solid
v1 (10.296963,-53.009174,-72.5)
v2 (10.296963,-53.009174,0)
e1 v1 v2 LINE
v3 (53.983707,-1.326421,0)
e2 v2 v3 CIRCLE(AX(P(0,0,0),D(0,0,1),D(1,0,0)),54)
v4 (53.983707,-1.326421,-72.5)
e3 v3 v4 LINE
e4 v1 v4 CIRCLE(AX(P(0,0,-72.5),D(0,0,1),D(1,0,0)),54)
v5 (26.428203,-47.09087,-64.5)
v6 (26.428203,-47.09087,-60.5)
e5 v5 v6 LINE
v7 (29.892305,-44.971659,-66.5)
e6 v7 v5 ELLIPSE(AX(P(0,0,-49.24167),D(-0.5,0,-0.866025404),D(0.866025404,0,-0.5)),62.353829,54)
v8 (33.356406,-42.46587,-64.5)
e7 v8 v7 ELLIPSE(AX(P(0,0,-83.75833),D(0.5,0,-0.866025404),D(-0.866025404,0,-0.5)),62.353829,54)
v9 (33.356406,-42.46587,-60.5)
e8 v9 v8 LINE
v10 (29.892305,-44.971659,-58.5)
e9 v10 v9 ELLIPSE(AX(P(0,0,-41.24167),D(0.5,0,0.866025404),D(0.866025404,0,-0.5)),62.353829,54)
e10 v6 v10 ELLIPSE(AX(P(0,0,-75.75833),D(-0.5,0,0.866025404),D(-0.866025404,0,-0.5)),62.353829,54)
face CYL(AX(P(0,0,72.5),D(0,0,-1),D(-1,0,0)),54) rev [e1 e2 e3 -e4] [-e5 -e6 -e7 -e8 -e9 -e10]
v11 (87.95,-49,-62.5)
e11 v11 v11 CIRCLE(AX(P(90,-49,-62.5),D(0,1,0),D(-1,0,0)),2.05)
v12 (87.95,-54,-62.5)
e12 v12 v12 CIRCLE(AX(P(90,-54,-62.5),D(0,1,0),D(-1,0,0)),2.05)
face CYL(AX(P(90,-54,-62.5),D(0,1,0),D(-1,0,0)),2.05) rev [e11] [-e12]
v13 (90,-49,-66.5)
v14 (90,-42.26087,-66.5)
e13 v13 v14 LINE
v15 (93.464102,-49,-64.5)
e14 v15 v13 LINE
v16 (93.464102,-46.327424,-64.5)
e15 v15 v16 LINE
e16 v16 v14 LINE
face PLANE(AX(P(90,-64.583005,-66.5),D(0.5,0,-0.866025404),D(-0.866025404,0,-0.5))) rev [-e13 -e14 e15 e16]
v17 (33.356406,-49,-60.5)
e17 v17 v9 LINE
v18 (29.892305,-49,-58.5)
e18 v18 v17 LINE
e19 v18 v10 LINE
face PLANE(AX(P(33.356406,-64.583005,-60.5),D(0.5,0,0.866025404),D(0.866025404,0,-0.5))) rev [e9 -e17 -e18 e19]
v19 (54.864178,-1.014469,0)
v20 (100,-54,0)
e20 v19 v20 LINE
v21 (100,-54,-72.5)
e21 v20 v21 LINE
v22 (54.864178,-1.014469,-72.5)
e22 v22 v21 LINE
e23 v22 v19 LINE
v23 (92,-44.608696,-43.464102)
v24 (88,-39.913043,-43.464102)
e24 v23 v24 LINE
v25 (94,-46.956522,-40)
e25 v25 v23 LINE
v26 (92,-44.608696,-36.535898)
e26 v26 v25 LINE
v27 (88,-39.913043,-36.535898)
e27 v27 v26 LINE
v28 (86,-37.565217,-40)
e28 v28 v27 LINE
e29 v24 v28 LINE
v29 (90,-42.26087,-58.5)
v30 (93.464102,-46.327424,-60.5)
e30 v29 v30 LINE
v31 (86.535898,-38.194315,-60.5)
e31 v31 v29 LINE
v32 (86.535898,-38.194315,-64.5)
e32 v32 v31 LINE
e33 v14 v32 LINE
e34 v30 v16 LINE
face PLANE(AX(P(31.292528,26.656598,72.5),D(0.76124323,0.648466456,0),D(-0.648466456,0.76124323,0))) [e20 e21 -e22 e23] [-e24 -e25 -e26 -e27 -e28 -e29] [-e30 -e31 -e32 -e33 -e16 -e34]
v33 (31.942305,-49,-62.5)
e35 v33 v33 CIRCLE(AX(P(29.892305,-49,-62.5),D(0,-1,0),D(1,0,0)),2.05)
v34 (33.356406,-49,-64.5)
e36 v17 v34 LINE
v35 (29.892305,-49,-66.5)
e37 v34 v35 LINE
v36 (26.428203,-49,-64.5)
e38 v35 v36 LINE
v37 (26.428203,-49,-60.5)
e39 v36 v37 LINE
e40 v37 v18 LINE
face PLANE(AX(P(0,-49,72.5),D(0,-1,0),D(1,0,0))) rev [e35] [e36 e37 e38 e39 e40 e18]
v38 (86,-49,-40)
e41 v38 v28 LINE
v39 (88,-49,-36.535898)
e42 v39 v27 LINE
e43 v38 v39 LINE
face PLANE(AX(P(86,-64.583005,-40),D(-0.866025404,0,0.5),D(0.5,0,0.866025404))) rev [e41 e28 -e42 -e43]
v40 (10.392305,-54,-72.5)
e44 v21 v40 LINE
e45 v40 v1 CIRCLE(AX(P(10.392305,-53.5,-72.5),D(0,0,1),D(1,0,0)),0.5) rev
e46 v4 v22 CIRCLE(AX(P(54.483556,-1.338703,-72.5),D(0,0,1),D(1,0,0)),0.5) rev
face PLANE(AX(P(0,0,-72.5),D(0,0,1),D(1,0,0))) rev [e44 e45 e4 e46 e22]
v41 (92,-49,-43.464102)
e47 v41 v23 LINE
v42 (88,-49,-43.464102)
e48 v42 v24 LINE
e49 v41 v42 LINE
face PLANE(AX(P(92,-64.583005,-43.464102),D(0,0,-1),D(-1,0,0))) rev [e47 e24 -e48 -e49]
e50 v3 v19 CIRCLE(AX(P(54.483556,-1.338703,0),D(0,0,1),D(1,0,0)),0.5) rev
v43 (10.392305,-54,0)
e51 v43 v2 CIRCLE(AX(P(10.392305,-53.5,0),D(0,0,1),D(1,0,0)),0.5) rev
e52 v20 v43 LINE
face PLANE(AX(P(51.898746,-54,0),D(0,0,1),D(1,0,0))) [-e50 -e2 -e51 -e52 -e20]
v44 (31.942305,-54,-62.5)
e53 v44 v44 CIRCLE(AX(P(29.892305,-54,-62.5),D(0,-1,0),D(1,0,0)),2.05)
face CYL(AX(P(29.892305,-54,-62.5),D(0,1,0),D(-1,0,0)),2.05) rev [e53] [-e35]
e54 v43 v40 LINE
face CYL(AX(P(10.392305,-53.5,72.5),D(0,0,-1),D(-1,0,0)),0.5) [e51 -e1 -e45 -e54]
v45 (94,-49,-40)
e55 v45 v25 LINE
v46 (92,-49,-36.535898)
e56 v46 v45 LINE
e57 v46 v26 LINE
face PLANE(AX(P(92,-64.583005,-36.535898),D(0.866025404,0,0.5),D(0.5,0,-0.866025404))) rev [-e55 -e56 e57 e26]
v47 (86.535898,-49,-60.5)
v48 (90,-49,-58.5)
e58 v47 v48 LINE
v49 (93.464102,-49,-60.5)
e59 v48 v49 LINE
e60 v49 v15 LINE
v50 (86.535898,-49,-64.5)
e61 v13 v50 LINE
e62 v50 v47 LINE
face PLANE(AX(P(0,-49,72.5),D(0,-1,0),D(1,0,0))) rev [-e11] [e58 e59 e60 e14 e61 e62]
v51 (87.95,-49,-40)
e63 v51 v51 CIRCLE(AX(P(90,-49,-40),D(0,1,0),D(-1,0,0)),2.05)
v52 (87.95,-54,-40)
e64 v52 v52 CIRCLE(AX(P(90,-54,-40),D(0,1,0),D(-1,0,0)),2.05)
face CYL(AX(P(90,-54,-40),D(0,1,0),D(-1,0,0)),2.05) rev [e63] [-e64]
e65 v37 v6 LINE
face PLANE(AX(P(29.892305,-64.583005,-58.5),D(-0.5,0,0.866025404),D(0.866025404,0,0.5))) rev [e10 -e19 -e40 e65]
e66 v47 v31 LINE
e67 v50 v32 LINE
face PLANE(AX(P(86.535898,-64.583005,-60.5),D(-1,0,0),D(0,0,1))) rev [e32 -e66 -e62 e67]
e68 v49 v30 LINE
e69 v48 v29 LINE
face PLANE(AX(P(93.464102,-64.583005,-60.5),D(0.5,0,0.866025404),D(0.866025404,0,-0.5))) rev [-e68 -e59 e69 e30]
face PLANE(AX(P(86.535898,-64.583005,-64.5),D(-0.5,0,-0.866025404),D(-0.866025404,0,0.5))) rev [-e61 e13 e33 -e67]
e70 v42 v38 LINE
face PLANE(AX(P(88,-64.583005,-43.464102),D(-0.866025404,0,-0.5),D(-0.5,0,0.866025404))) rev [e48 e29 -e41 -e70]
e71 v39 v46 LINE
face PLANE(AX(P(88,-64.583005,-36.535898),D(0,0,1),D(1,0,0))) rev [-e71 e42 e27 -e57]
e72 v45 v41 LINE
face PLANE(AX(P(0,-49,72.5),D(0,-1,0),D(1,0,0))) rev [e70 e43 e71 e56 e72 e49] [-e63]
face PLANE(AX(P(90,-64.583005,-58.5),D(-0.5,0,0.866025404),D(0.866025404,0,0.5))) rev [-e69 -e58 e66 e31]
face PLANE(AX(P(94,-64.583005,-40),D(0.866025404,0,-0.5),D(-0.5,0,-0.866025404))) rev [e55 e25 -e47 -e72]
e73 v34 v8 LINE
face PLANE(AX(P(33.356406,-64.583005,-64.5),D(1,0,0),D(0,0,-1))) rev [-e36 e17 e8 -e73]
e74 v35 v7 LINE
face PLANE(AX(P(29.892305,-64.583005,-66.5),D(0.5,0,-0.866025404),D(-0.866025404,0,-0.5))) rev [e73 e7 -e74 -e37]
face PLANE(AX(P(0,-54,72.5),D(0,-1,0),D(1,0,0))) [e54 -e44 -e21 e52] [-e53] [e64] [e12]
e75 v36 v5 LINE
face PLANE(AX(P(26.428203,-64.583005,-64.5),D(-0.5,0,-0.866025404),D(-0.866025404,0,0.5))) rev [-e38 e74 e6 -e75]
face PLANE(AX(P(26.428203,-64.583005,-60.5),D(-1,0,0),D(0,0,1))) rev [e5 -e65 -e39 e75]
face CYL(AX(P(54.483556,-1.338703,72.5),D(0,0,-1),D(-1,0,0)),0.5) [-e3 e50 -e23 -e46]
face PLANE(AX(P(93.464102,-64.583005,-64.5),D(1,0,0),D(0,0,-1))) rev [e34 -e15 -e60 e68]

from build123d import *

# Parameters (mm, degrees)
EXTRUDE_1_DEPTH     = 72.5
FILLET_1_R          = 0.5
CUT_EXTRUDE_1_DEPTH = 49
SKETCH_5_R          = 2.05
CUT_EXTRUDE_2_DEPTH = 5
SKETCH_6_R          = 74.194648386
CUT_EXTRUDE_3_DEPTH = 135.804488056


with BuildPart() as part:
    # 草图3 → 凸台-拉伸1 (new, symmetric)
    with BuildSketch(Plane.XY):
        with BuildLine():
            Line((100, -54), (0, -54))
            ThreePointArc((0, -54), (38.183766184, -38.183766184), (54, 0))
            Line((54, 0), (100, -54))
        make_face()
    extrude(amount=EXTRUDE_1_DEPTH, both=True)

    # 圆角1
    fillet_1_edges = [part.edges().sort_by_distance(p)[0] for p in [
        (54, 0, 0),
        (0, -54, 0),
    ]]
    fillet(fillet_1_edges, radius=FILLET_1_R)

    # 草图4 → 切除-拉伸1 (cut)
    with BuildSketch(Plane(origin=(0, 0, 0), x_dir=(1, 0, 0), z_dir=(0, 1, 0))):
        Polygon((93.464101615, -64.5), (93.464101615, -60.5), (90, -58.5), (86.535898385, -60.5), (86.535898385, -64.5), (90, -66.5), align=None)
        Polygon((29.892304845, -58.5), (26.42820323, -60.5), (26.42820323, -64.5), (29.892304845, -66.5), (33.356406461, -64.5), (33.356406461, -60.5), align=None)
        Polygon((33.356406461, 60.5), (29.892304845, 58.5), (26.42820323, 60.5), (26.42820323, 64.5), (29.892304845, 66.5), (33.356406461, 64.5), align=None)
        Polygon((90, 66.5), (93.464101615, 64.5), (93.464101615, 60.5), (90, 58.5), (86.535898385, 60.5), (86.535898385, 64.5), align=None)
        Polygon((92, -36.535898385), (88, -36.535898385), (86, -40), (88, -43.464101615), (92, -43.464101615), (94, -40), align=None)
        Polygon((94, 40), (92, 43.464101615), (88, 43.464101615), (86, 40), (88, 36.535898385), (92, 36.535898385), align=None)
    extrude(amount=-CUT_EXTRUDE_1_DEPTH, mode=Mode.SUBTRACT)

    # 草图5 → 切除-拉伸2 (cut)
    with BuildSketch(Plane(origin=(0, -49, 0), x_dir=(1, 0, 0), z_dir=(0, 1, 0))):
        with Locations(Location((29.892304845, -62.5, 0), (0, 0, 180))):
            Circle(SKETCH_5_R)
        with Locations((29.892304845, 62.5)):
            Circle(SKETCH_5_R)
        with Locations(Location((90, 62.5, 0), (0, 0, 180))):
            Circle(SKETCH_5_R)
        with Locations((90, -62.5)):
            Circle(SKETCH_5_R)
        with Locations(Location((90, 40, 0), (0, 0, 180))):
            Circle(SKETCH_5_R)
        with Locations(Location((90, -40.064560571, 0), (0, 0, 180))):
            Circle(SKETCH_5_R)
    extrude(amount=-CUT_EXTRUDE_2_DEPTH, mode=Mode.SUBTRACT)

    # 草图6 → 切除-拉伸3 (cut, through all)
    with BuildSketch(Plane.XY):
        with Locations((51.898746265, -54)):
            Circle(SKETCH_6_R)
    extrude(amount=CUT_EXTRUDE_3_DEPTH, mode=Mode.SUBTRACT)


solid = part.part
